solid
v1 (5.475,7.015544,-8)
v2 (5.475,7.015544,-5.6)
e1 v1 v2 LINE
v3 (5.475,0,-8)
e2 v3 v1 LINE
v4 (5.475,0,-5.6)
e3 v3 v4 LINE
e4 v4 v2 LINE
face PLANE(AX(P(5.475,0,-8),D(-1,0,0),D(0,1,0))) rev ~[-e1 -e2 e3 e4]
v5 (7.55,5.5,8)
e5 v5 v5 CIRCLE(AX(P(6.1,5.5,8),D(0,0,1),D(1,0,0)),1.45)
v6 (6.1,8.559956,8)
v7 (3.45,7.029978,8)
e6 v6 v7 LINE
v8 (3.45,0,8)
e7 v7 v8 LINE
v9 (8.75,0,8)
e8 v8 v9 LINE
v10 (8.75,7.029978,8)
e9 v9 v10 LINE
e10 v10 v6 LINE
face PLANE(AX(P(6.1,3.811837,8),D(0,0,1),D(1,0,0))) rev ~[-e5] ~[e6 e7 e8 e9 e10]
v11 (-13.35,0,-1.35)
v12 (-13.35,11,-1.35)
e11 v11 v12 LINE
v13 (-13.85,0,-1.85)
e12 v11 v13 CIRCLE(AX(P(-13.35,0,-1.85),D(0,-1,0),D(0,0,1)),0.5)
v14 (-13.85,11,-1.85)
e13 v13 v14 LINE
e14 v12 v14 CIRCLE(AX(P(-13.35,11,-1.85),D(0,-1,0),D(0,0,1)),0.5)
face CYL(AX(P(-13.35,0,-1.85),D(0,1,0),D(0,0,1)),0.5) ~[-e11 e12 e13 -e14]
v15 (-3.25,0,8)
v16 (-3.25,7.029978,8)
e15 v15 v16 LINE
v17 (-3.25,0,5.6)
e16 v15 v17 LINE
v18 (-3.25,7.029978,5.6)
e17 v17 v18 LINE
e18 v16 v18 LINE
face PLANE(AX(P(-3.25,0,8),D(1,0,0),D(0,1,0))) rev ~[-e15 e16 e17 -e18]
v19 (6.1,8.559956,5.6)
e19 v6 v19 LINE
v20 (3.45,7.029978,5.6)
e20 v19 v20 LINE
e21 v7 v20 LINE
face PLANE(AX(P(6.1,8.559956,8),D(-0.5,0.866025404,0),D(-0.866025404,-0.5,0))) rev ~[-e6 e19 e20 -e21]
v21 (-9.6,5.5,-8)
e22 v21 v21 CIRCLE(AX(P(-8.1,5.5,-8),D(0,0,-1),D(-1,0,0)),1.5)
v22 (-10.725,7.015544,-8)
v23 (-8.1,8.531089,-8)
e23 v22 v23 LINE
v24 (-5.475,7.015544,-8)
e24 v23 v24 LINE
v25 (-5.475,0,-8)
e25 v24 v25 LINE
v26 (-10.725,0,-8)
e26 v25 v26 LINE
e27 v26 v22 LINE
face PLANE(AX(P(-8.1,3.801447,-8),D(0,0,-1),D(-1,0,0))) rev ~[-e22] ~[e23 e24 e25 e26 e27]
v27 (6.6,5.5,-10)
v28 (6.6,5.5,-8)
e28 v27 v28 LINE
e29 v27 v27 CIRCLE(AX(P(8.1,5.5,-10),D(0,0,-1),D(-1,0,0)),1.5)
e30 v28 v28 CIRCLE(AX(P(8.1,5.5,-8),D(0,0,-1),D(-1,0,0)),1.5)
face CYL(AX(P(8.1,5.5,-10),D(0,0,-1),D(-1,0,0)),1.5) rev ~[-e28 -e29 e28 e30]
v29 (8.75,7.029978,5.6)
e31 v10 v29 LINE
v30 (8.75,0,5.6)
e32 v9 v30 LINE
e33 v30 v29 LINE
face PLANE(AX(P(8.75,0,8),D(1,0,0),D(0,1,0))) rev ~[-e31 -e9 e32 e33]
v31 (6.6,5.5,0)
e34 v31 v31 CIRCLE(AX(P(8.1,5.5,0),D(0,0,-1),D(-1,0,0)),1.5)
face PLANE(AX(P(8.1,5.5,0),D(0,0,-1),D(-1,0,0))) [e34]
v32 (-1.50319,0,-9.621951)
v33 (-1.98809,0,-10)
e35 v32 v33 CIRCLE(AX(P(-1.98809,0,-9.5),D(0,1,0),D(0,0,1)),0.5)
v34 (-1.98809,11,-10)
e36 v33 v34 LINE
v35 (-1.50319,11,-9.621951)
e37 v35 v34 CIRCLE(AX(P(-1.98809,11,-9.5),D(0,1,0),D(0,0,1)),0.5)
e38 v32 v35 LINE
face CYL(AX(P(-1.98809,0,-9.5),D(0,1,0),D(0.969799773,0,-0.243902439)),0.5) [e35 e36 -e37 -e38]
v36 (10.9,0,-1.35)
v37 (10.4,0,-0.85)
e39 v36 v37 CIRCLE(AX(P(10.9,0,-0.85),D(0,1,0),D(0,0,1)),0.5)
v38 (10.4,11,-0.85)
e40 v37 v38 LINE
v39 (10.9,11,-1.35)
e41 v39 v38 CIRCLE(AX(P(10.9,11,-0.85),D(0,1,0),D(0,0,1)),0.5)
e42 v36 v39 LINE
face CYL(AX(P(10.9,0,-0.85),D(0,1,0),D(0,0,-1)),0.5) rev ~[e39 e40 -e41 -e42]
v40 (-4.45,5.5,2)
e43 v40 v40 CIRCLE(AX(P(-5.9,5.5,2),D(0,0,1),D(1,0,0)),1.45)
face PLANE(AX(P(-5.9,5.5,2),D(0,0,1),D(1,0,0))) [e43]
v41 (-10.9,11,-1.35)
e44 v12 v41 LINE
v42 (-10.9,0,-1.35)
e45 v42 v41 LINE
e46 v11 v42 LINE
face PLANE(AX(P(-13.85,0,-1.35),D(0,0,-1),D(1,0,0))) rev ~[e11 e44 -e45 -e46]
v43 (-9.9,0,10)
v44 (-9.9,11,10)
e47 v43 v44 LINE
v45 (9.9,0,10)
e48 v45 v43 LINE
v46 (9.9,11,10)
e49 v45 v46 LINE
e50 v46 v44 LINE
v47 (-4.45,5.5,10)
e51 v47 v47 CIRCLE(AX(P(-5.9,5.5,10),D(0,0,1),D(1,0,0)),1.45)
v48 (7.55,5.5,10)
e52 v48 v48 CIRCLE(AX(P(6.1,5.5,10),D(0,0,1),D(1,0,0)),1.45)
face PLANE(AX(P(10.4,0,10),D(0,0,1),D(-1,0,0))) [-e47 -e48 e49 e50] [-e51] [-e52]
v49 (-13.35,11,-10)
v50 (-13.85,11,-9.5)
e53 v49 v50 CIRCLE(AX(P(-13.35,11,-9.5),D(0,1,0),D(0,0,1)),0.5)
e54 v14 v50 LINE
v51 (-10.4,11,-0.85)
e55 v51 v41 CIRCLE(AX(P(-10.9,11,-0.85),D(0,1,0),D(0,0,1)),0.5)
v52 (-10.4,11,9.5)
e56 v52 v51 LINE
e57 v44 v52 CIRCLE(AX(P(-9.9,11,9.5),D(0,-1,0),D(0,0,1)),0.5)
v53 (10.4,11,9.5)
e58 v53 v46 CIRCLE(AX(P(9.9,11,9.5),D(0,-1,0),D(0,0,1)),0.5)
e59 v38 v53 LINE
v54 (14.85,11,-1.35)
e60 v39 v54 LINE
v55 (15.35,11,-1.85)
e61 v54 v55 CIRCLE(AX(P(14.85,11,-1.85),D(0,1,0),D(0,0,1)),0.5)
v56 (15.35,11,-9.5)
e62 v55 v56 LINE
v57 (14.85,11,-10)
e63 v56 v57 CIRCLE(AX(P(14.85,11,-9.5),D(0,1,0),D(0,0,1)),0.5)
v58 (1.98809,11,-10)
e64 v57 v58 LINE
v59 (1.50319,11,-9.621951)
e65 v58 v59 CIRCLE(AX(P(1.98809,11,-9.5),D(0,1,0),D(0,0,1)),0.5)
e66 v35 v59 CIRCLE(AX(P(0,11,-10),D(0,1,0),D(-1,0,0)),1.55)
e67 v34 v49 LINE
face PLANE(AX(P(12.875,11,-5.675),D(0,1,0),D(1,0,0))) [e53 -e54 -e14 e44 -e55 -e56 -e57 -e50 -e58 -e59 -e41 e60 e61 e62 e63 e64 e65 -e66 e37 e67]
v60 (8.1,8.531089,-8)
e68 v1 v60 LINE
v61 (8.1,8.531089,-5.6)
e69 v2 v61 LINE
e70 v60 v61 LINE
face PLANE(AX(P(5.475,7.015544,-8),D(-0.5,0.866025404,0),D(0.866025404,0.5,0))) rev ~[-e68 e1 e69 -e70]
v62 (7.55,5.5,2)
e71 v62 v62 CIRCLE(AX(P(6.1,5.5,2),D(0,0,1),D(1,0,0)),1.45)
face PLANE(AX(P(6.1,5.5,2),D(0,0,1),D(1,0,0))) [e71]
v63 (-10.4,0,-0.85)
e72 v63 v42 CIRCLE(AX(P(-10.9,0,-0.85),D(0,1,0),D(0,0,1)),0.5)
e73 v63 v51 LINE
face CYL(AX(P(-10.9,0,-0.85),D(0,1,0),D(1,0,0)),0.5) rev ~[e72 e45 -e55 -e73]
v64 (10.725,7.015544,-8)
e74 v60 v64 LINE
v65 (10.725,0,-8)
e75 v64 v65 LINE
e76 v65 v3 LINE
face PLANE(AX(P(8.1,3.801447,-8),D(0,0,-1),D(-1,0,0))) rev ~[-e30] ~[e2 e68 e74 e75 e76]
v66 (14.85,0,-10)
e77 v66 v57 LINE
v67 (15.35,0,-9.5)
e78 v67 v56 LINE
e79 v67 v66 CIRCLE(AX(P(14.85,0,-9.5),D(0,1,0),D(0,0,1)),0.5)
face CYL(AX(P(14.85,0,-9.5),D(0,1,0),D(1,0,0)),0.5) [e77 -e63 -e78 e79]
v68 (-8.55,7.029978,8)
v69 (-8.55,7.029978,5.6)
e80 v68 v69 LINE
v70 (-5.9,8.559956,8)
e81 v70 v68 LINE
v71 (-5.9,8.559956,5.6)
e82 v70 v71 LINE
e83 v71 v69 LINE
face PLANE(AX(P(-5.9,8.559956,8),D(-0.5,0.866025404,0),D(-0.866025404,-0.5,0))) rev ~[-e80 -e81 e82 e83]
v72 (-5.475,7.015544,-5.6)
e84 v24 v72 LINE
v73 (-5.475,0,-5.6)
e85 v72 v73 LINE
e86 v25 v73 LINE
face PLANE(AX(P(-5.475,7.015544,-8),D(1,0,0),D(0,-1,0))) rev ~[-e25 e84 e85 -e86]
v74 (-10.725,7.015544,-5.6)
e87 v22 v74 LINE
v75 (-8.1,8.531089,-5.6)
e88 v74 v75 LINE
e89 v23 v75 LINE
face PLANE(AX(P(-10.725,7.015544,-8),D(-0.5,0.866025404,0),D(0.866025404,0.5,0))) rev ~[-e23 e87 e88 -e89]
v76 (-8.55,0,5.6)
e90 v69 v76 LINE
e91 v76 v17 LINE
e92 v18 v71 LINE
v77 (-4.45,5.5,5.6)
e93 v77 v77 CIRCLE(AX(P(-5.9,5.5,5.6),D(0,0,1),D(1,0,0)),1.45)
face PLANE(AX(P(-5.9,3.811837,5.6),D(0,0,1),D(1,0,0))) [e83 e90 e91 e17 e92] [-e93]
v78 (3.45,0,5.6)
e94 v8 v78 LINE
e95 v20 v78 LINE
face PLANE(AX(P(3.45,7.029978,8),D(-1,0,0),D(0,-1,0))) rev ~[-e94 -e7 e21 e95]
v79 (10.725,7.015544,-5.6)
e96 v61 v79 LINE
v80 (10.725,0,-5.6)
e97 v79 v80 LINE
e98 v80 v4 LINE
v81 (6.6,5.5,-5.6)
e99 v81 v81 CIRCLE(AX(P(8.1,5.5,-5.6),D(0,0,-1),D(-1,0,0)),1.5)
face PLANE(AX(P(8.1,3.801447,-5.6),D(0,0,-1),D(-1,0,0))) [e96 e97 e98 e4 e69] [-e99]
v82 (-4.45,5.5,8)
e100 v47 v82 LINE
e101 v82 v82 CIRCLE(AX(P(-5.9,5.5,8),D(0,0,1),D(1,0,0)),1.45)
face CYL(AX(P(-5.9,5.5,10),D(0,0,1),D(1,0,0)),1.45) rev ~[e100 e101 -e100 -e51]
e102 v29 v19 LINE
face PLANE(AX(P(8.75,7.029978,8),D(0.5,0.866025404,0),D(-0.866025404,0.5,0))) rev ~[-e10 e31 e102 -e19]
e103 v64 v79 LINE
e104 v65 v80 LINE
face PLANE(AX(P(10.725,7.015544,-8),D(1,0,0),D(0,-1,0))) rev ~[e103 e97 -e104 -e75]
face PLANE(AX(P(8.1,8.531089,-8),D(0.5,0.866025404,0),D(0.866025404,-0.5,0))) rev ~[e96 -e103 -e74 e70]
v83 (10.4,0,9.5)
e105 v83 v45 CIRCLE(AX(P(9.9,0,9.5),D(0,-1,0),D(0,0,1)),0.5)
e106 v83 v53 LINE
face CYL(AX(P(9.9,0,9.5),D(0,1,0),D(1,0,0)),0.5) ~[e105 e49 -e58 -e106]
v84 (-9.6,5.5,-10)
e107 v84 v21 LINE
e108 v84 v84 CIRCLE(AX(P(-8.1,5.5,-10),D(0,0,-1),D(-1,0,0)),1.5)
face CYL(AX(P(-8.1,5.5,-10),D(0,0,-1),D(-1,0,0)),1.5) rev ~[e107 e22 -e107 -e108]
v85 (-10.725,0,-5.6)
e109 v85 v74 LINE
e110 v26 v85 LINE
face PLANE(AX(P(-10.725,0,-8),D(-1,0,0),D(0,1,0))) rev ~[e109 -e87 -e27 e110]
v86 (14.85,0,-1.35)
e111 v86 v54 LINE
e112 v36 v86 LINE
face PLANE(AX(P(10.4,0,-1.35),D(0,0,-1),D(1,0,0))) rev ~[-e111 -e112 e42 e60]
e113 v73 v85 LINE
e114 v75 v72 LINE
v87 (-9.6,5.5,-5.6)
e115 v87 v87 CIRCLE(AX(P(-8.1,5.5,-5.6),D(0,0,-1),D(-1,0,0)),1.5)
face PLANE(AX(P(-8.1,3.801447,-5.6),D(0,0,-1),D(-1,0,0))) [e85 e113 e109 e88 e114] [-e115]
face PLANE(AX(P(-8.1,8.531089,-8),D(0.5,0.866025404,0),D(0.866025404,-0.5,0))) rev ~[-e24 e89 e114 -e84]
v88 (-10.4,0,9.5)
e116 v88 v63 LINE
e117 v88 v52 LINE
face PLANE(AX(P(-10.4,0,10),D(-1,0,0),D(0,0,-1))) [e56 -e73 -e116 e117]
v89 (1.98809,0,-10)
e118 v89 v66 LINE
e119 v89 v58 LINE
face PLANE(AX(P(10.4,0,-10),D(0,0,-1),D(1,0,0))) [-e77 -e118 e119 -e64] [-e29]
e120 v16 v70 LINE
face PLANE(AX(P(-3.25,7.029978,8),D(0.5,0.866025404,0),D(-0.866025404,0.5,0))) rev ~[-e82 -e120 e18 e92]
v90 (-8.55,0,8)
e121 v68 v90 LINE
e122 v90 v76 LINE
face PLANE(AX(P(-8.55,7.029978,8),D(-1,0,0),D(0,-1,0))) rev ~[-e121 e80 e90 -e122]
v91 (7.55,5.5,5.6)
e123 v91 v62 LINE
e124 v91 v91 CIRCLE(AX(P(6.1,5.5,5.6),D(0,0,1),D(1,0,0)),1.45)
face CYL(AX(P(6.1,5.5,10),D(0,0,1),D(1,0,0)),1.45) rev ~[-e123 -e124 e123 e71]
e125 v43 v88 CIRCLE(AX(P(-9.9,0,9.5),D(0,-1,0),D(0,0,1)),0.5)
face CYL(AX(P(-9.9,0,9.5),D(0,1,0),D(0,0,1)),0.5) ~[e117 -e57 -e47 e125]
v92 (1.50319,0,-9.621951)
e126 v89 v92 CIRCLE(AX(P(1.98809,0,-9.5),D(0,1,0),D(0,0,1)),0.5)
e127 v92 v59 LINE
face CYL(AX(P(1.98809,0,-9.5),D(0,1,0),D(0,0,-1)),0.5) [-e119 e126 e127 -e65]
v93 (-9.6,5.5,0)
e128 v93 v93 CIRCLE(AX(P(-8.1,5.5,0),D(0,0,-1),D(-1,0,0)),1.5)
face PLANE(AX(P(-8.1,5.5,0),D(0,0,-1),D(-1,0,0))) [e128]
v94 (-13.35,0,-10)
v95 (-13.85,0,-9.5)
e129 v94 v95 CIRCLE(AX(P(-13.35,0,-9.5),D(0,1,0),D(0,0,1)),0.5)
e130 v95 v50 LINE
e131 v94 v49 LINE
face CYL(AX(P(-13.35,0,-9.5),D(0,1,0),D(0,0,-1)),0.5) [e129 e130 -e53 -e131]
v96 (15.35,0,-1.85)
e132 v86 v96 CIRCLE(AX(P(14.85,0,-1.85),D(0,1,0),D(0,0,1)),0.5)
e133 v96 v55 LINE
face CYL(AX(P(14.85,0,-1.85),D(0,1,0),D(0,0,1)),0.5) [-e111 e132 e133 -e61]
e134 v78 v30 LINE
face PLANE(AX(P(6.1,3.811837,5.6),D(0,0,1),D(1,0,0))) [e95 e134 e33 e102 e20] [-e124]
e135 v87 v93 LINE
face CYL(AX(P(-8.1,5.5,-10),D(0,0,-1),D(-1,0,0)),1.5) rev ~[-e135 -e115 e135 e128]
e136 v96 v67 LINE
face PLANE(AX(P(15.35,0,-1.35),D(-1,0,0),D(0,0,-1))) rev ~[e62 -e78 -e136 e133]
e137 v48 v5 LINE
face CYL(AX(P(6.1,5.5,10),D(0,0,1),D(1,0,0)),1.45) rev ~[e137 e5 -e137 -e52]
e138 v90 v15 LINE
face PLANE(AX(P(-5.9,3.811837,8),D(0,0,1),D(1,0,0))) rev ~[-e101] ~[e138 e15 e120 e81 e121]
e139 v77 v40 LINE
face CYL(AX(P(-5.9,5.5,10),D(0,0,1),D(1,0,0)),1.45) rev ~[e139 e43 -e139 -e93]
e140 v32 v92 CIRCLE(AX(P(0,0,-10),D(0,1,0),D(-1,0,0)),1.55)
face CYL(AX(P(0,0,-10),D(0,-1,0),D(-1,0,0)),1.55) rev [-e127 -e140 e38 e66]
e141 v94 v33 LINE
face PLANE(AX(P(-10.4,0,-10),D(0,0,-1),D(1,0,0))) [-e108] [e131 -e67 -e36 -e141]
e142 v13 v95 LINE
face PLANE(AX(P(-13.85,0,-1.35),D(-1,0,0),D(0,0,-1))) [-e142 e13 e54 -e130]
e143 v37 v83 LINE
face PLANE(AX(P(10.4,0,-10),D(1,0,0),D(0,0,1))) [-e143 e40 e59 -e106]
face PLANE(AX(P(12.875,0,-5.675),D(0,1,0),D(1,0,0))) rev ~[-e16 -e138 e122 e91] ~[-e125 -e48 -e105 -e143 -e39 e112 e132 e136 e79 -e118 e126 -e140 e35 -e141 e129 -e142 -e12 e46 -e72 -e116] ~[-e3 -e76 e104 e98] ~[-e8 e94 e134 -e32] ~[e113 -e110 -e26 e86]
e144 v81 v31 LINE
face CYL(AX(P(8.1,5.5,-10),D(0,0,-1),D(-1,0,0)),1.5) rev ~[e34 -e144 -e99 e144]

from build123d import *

# Parameters (mm, degrees)
BOSS_EXTRUDE1_DEPTH = 11
SKETCH2_R           = 1.45
CUT_EXTRUDE1_DEPTH  = 8
SKETCH3_R           = 1.5
CUT_EXTRUDE2_DEPTH  = 10
CUT_EXTRUDE4_START  = -2
CUT_EXTRUDE4_DEPTH  = 2.4
SKETCH1_4_W         = 4.95
SKETCH1_4_H         = 8.65
SKETCH1_4_W_2       = 3.45
BOSS_EXTRUDE2_DEPTH = 11
CUT_EXTRUDE3_START  = -2
SKETCH5_R           = 1.5
CUT_EXTRUDE3_DEPTH  = 2.4
FILLET2_R           = 0.5


with BuildPart() as part:
    # Sketch1 → Boss-Extrude1 (new body)
    with BuildSketch(Plane(origin=(0, 0, 0), x_dir=(1, 0, 0), z_dir=(0, 1, 0))):
        with BuildLine():
            ThreePointArc((-1.55, 10), (0, 8.45), (1.55, 10))
            Line((1.55, 10), (10.4, 10))
            Line((10.4, 10), (10.4, -10))
            Line((10.4, -10), (-10.4, -10))
            Line((-10.4, -10), (-10.4, 10))
            Line((-10.4, 10), (-1.55, 10))
        make_face()
    extrude(amount=BOSS_EXTRUDE1_DEPTH)

    # Sketch2 → Cut-Extrude1 (cut)
    with BuildSketch(Plane.XY.offset(10)):
        with Locations((-5.9, 5.5)):
            Circle(SKETCH2_R)
        with Locations((6.1, 5.5)):
            Circle(SKETCH2_R)
    extrude(amount=-CUT_EXTRUDE1_DEPTH, mode=Mode.SUBTRACT)

    # Sketch3 → Cut-Extrude2 (cut)
    with BuildSketch(Plane(origin=(0, 0, -10), x_dir=(-1, 0, 0), z_dir=(0, 0, -1))):
        with Locations((-8.1, 5.5)):
            Circle(SKETCH3_R)
        with Locations((8.1, 5.5)):
            Circle(SKETCH3_R)
    extrude(amount=-CUT_EXTRUDE2_DEPTH, mode=Mode.SUBTRACT)

    # Sketch6 → Cut-Extrude4 (cut)
    with BuildSketch(Plane.XY.offset(10).offset(CUT_EXTRUDE4_START)):
        Polygon((-5.9, 8.559956427), (-8.55, 7.029978213), (-8.55, 3.970021787), (-8.55, 0), (-3.25, 0), (-3.25, 3.970021787), (-3.25, 7.029978213), align=None)
        Polygon((6.1, 8.559956427), (3.45, 7.029978213), (3.45, 3.970021787), (3.45, 0), (8.75, 0), (8.75, 3.970021787), (8.75, 7.029978213), align=None)
    extrude(amount=-CUT_EXTRUDE4_DEPTH, mode=Mode.SUBTRACT)

    # Sketch1<4> → Boss-Extrude2 (add, through all)
    with BuildSketch(Plane(origin=(0, 0, 0), x_dir=(1, 0, 0), z_dir=(0, 1, 0))):
        with Locations((12.875, 5.675)):
            Rectangle(SKETCH1_4_W, SKETCH1_4_H)
        with Locations((-12.125, 5.675)):
            Rectangle(SKETCH1_4_W_2, SKETCH1_4_H)
    extrude(amount=BOSS_EXTRUDE2_DEPTH)

    # Sketch5 → Cut-Extrude3 (cut)
    # profile 1 of 2: a face of its own
    with BuildSketch(Plane(origin=(0, 0, -10), x_dir=(-1, 0, 0), z_dir=(0, 0, -1)).offset(CUT_EXTRUDE3_START)):
        Polygon((-5.475, 0), (-5.475, 3.984455543), (-5.475, 7.015544457), (-8.1, 8.531088913), (-10.725, 7.015544457), (-10.725, 3.984455543), (-10.725, 0), align=None)
        with Locations((-8.1, 5.5)):
            Circle(SKETCH5_R, mode=Mode.SUBTRACT)
    # profile 2 of 2: a face of its own
    with BuildSketch(Plane(origin=(0, 0, -10), x_dir=(-1, 0, 0), z_dir=(0, 0, -1)).offset(CUT_EXTRUDE3_START)):
        Polygon((5.475, 0), (10.725, 0), (10.725, 3.984455543), (10.725, 7.015544457), (8.1, 8.531088913), (5.475, 7.015544457), (5.475, 3.984455543), align=None)
    extrude(amount=-CUT_EXTRUDE3_DEPTH, mode=Mode.SUBTRACT)

    # Fillet2
    fillet2_edges = [part.edges().sort_by_distance(p)[0] for p in [
        (1.55, 5.5, -10),
        (10.4, 5.5, 10),
        (-10.4, 5.5, 10),
        (-1.55, 5.5, -10),
        (10.4, 5.5, -1.35),
        (15.35, 5.5, -1.35),
        (15.35, 5.5, -10),
        (-13.85, 5.5, -10),
        (-13.85, 5.5, -1.35),
        (-10.4, 5.5, -1.35),
    ]]
    fillet(fillet2_edges, radius=FILLET2_R)


solid = part.part
